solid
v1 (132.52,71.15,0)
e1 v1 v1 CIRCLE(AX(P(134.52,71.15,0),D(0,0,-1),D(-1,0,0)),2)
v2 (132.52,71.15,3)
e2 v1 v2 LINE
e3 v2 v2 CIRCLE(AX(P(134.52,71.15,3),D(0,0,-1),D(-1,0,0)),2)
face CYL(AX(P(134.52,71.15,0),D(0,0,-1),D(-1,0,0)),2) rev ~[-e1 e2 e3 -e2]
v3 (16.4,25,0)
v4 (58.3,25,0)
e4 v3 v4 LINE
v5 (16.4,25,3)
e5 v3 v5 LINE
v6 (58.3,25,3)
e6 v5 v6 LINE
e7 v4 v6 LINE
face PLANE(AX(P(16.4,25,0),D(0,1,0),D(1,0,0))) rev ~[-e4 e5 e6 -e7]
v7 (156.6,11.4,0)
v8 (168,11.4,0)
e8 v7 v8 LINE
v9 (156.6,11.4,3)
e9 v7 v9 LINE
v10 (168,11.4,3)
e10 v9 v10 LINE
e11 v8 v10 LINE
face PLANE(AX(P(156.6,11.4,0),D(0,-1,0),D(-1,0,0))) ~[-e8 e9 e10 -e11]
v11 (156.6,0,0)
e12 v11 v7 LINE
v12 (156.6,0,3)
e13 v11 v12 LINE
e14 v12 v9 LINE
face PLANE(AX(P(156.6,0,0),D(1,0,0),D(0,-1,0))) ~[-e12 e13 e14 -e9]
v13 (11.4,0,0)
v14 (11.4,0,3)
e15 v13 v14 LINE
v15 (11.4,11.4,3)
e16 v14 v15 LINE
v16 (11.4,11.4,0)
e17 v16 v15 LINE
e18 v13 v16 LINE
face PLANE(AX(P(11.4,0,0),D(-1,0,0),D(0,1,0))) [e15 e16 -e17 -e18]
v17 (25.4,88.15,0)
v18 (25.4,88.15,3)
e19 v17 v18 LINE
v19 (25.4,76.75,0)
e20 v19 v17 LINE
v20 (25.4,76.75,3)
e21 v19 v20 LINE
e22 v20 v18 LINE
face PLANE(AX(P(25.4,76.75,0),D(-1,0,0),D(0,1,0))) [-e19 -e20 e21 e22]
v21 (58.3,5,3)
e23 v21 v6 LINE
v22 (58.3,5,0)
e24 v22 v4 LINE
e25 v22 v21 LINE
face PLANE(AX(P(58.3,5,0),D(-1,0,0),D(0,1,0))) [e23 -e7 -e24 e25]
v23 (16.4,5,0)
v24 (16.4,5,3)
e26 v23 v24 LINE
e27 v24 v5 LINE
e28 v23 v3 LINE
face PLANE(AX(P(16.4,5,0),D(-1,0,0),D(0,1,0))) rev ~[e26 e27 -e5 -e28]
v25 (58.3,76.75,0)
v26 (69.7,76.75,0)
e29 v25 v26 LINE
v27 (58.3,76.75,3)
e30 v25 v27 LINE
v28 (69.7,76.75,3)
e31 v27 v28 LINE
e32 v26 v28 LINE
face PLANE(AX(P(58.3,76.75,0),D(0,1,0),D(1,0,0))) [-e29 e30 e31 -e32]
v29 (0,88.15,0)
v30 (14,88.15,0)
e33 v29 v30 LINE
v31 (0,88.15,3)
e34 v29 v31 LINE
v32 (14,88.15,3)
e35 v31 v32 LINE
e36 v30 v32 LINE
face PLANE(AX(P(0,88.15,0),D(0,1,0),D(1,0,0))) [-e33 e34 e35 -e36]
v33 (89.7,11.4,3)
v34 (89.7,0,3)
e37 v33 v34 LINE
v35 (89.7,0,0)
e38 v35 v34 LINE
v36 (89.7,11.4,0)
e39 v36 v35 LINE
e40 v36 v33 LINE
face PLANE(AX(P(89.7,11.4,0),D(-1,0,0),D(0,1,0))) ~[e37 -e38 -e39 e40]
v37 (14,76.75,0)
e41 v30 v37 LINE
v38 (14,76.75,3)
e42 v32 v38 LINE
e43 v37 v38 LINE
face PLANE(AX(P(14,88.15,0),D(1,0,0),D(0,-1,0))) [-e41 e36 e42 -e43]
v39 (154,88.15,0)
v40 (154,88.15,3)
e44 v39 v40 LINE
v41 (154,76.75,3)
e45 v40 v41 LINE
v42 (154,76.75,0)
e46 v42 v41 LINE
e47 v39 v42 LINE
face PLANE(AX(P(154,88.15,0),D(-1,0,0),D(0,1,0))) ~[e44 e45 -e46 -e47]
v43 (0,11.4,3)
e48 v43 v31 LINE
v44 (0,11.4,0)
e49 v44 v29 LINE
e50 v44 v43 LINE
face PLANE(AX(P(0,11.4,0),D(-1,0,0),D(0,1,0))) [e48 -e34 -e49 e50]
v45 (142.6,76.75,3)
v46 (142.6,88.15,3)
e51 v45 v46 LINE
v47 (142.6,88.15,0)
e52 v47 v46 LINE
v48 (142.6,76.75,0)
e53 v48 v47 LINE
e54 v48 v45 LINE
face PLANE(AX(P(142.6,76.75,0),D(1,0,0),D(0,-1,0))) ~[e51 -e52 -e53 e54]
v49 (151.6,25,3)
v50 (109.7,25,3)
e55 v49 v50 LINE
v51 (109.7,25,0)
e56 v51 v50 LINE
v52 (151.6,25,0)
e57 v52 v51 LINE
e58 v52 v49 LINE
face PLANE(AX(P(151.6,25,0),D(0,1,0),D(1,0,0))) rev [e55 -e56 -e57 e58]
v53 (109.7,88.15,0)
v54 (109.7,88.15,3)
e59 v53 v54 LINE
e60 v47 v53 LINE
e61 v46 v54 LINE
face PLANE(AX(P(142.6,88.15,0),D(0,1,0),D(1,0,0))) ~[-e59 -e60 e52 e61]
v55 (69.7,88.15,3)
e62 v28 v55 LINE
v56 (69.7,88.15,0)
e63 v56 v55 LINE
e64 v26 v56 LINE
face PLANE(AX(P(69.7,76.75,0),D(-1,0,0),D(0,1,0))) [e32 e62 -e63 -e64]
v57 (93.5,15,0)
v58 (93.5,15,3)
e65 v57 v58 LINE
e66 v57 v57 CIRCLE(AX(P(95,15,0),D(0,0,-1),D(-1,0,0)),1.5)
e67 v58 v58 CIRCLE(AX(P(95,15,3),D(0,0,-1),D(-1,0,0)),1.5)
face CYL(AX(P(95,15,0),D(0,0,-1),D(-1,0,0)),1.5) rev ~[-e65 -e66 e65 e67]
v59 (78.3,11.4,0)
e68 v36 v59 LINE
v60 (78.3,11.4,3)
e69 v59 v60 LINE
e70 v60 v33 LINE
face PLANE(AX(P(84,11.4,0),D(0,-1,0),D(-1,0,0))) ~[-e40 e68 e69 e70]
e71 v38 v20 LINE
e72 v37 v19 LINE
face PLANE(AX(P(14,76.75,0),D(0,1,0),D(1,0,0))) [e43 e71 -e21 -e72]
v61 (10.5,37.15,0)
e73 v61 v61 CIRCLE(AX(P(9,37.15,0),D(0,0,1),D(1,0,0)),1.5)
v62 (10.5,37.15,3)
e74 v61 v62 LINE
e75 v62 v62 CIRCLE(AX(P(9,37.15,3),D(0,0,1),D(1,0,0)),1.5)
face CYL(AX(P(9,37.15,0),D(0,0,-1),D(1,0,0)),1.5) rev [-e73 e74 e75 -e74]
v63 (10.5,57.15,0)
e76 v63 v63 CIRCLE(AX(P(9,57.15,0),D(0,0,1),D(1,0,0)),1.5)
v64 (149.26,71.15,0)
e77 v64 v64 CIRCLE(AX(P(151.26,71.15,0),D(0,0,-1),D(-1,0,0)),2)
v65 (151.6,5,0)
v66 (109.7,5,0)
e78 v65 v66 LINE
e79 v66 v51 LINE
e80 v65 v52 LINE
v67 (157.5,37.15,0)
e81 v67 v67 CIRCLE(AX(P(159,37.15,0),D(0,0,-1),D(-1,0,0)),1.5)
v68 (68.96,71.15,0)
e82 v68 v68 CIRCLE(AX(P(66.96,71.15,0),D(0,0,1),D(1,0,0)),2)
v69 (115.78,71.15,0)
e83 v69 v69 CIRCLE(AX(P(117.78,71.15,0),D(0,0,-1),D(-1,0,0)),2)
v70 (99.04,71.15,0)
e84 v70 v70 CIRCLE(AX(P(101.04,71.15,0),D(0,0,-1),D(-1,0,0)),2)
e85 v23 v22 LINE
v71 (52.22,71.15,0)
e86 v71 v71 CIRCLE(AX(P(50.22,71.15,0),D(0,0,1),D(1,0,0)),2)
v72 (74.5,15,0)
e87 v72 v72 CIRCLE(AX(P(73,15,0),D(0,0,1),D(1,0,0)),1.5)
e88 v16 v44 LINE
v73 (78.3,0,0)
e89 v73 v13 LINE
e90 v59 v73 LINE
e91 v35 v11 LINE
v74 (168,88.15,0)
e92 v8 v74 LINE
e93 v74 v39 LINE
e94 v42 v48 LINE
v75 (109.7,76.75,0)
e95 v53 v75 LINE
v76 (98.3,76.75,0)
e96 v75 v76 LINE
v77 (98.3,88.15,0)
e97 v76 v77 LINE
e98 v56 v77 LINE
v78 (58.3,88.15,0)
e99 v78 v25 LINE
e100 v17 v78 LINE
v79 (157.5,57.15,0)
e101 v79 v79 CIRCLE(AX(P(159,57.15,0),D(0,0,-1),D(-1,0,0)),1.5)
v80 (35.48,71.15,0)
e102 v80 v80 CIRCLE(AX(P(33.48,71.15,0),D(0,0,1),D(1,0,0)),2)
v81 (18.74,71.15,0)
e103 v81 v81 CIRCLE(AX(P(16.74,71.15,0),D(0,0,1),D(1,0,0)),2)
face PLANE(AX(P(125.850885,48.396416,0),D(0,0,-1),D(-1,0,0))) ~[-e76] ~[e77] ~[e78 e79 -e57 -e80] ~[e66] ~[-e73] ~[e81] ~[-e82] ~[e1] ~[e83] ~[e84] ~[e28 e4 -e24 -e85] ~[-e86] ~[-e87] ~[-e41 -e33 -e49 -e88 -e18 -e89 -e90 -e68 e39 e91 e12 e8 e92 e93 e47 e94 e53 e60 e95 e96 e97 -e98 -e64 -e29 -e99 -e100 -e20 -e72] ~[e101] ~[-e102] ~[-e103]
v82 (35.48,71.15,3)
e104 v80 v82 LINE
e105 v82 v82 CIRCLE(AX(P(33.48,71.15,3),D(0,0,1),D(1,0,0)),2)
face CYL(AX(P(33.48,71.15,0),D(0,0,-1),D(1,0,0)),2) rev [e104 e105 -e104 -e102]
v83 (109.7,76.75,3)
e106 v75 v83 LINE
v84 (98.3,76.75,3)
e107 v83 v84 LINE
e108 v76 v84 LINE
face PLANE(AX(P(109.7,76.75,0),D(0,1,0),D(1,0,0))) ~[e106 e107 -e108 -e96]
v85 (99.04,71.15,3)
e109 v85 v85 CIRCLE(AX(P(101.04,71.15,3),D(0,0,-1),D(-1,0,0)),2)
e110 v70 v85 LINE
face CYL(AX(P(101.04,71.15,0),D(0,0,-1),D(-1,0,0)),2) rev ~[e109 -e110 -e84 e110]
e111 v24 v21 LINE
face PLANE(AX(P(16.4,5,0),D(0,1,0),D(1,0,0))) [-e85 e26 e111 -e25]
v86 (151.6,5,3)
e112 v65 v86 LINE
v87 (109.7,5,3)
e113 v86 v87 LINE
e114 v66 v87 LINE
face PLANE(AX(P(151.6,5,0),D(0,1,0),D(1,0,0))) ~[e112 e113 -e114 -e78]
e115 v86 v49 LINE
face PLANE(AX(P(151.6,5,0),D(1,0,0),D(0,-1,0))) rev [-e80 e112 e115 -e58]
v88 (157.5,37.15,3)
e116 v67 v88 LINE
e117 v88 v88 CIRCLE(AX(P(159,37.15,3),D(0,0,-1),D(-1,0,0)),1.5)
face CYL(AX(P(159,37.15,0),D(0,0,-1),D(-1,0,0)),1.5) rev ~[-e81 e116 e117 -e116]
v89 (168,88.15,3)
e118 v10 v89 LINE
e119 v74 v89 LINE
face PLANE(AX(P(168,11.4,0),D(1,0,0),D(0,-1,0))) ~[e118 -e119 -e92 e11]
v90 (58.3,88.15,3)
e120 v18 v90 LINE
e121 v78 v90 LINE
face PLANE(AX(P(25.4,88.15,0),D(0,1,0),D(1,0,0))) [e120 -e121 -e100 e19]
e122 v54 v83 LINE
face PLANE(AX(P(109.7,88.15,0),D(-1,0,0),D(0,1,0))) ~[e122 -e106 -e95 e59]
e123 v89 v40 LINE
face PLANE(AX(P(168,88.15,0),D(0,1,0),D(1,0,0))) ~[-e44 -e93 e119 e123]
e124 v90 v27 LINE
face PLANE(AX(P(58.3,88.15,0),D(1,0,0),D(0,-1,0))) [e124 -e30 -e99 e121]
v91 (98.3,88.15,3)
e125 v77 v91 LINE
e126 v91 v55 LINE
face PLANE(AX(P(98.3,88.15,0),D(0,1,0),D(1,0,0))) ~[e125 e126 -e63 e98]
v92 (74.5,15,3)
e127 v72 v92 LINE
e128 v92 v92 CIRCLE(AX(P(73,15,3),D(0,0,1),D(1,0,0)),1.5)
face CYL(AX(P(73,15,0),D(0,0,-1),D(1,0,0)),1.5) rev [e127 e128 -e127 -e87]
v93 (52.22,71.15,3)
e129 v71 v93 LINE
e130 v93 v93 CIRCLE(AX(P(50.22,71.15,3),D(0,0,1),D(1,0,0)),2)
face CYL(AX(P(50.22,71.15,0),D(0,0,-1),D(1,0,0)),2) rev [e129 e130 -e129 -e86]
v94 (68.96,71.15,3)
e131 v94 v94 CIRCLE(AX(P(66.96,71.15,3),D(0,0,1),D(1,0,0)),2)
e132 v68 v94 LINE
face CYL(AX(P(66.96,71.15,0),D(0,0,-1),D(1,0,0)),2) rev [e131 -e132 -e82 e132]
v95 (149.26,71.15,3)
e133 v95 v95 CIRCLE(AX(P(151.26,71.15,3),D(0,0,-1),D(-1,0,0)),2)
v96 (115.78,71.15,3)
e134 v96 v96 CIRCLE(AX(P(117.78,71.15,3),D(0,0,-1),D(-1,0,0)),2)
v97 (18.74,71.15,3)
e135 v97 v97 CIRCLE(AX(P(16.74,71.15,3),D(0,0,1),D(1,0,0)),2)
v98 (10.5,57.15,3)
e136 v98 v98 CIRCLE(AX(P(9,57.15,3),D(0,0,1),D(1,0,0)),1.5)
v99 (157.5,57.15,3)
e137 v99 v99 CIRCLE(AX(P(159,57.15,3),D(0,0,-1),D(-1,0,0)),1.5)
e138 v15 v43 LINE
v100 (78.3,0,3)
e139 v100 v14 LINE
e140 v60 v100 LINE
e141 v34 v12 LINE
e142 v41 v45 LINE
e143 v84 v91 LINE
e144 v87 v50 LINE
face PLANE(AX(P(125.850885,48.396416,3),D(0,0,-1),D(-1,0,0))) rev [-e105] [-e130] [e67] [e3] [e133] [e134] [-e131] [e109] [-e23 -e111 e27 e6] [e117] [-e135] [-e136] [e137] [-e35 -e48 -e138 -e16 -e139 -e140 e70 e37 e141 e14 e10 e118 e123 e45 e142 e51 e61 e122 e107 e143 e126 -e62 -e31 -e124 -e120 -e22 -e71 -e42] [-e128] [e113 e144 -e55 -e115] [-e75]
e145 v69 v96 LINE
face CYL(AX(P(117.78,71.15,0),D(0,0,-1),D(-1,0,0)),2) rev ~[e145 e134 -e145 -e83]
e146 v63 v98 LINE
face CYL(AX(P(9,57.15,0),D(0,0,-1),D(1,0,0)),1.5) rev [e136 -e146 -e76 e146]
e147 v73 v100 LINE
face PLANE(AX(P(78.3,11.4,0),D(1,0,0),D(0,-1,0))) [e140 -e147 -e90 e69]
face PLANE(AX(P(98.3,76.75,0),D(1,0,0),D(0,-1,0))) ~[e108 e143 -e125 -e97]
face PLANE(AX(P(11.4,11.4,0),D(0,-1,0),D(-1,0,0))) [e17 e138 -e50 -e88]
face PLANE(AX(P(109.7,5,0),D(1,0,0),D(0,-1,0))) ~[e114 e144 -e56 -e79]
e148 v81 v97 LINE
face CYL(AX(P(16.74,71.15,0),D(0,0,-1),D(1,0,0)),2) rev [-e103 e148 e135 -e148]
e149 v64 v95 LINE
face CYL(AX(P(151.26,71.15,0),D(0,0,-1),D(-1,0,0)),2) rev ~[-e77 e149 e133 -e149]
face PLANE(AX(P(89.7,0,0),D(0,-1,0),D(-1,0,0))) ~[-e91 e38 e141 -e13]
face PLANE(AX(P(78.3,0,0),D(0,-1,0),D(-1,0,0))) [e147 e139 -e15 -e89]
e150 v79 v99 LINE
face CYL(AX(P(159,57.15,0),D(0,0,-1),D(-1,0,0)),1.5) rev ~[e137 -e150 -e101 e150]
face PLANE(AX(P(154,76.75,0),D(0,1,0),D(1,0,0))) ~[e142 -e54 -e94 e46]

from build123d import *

# Parameters (mm, degrees)
SKETCH_R   = 2
SKETCH_R_2 = 1.5
SKETCH_W   = 41.9
SKETCH_H   = 20
PAD_DEPTH  = 3


with BuildPart() as part:
    # Sketch → Pad (new body)
    with BuildSketch(Plane.XY):
        Polygon((0, 88.15), (14, 88.15), (14, 76.75), (25.4, 76.75), (25.4, 88.15), (58.3, 88.15), (58.3, 76.75), (69.7, 76.75), (69.7, 88.15), (84, 88.15), (84, 11.4), (78.3, 11.4), (78.3, 0), (11.4, 0), (11.4, 11.4), (0, 11.4), align=None)
        with Locations((16.74, 71.15)):
            Circle(SKETCH_R, mode=Mode.SUBTRACT)
        with Locations((33.48, 71.15)):
            Circle(SKETCH_R, mode=Mode.SUBTRACT)
        with Locations((50.22, 71.15)):
            Circle(SKETCH_R, mode=Mode.SUBTRACT)
        with Locations((66.96, 71.15)):
            Circle(SKETCH_R, mode=Mode.SUBTRACT)
        with Locations((73, 15)):
            Circle(SKETCH_R_2, mode=Mode.SUBTRACT)
        with Locations((9, 57.15)):
            Circle(SKETCH_R_2, mode=Mode.SUBTRACT)
        with Locations((9, 37.15)):
            Circle(SKETCH_R_2, mode=Mode.SUBTRACT)
        with Locations((37.35, 15)):
            Rectangle(SKETCH_W, SKETCH_H, mode=Mode.SUBTRACT)
    pad = extrude(amount=PAD_DEPTH)

    # Mirrored: Pad across face of Pad
    add(pad.mirror(Plane(origin=(84, 49.775, 1.5), x_dir=(0, 1, 0), z_dir=(1, 0, 0))))


solid = part.part
